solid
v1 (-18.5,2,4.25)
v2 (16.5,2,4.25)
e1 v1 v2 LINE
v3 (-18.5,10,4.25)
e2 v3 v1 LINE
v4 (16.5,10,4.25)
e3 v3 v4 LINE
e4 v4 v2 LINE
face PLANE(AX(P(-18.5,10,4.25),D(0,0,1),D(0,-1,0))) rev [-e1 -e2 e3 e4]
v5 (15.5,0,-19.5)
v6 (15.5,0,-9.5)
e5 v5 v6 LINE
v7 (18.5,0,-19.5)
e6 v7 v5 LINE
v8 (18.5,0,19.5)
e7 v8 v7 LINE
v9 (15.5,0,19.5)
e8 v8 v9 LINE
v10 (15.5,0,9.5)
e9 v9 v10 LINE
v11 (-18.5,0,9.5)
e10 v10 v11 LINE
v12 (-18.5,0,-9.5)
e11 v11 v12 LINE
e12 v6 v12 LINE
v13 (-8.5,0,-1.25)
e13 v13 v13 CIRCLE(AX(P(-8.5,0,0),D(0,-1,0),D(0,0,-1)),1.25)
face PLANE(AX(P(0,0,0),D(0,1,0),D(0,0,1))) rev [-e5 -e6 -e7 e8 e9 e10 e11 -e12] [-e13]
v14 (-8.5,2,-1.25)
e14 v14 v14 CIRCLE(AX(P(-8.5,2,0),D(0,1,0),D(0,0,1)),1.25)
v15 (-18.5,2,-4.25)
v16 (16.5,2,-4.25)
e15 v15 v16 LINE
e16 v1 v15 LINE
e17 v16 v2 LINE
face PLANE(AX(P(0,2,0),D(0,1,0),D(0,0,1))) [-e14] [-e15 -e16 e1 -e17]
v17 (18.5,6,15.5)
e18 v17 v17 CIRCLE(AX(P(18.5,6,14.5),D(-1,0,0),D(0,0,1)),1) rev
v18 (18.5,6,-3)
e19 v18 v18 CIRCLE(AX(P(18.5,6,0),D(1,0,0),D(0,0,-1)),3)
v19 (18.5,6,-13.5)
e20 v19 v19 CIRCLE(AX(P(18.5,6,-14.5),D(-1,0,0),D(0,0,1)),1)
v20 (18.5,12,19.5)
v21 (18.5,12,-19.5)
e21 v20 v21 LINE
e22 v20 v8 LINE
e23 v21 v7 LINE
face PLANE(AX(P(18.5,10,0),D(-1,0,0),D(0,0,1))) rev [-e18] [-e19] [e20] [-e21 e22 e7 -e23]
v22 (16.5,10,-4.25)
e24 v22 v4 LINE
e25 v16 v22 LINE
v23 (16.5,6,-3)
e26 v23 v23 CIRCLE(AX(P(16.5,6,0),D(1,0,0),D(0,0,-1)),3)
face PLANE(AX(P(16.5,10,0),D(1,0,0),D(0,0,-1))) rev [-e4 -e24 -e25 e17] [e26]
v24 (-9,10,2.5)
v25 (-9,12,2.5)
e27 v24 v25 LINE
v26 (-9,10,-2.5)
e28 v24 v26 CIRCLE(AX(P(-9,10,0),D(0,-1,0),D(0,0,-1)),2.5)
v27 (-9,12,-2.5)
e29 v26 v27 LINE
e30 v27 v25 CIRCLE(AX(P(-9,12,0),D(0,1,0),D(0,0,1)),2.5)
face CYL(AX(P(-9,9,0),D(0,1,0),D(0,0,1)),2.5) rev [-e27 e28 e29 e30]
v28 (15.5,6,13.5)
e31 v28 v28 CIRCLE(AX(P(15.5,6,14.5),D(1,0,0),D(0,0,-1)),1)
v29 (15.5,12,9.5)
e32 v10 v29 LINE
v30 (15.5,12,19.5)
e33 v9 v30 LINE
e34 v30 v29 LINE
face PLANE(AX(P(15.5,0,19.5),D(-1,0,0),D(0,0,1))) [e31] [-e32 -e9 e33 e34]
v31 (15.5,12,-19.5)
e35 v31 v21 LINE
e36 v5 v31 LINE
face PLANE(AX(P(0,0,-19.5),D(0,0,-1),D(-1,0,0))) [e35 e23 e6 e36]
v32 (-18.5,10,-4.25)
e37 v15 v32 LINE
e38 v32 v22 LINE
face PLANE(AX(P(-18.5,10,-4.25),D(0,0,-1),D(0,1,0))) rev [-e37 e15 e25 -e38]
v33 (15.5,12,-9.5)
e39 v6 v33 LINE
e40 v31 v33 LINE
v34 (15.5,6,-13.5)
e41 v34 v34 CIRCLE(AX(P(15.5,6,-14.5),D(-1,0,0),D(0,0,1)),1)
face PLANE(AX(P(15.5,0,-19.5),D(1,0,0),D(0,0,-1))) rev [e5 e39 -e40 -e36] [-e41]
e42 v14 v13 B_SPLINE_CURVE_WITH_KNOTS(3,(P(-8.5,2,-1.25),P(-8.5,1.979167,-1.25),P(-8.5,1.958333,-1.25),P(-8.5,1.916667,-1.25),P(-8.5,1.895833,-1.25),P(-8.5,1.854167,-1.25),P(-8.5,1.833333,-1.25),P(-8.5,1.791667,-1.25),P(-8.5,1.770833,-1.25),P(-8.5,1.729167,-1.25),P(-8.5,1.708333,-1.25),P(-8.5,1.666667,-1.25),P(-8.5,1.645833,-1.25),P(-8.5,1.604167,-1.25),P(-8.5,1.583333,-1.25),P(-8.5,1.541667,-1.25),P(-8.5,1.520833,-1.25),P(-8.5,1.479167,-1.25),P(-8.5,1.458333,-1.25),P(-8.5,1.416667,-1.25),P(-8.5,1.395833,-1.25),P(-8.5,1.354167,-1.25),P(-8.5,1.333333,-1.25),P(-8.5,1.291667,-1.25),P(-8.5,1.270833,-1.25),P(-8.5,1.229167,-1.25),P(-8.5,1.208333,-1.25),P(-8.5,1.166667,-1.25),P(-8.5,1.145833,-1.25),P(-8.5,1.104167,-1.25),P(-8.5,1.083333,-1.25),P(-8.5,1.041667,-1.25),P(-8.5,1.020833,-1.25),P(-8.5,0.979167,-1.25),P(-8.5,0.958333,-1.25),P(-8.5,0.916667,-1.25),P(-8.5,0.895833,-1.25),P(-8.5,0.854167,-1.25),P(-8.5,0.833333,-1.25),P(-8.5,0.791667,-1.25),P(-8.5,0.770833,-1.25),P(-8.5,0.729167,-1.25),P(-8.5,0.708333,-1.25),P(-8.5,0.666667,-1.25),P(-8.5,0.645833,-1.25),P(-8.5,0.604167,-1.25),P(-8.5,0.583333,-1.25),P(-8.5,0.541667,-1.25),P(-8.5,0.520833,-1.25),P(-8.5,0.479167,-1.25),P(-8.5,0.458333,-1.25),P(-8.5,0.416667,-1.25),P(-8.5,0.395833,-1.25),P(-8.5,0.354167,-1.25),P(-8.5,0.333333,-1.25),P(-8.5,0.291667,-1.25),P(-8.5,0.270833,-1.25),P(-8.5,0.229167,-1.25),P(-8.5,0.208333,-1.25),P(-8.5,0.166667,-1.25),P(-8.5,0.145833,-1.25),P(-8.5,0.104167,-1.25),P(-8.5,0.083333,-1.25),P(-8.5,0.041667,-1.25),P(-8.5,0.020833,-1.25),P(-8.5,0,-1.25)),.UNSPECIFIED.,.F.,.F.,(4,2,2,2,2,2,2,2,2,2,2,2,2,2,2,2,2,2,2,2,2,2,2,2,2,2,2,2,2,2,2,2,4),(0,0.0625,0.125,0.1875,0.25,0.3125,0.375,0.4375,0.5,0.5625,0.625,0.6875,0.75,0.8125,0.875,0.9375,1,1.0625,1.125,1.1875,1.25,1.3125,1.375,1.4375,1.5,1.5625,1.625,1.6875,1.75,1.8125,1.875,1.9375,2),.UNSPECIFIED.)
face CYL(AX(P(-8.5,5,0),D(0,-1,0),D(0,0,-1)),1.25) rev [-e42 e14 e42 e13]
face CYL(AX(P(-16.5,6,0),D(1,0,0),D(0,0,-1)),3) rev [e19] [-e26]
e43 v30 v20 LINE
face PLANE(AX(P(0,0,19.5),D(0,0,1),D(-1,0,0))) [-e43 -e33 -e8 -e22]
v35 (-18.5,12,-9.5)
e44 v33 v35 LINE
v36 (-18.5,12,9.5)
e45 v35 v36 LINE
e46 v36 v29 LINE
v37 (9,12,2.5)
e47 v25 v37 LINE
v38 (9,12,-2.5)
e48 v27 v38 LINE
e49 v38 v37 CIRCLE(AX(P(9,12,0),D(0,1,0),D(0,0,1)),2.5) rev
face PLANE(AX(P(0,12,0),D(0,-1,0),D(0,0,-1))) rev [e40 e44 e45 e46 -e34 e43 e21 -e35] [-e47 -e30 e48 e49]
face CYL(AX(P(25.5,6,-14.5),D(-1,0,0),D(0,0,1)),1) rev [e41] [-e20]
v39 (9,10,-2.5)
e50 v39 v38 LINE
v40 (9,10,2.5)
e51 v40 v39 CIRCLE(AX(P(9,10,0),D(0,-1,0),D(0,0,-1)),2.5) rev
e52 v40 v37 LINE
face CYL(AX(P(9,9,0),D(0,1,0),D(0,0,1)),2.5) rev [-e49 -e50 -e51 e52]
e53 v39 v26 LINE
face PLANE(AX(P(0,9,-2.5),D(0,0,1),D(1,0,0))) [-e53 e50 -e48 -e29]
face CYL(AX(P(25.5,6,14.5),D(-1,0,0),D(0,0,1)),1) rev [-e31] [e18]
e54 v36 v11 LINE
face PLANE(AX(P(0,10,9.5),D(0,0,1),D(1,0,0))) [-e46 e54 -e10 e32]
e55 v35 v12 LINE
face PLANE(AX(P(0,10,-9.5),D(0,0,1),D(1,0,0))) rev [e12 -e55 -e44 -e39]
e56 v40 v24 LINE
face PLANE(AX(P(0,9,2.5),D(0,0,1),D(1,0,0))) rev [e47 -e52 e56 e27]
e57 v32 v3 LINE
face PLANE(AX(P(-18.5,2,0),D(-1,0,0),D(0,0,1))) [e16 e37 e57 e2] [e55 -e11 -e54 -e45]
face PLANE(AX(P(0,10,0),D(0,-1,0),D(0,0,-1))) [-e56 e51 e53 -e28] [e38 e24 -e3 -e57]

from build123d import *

# Parameters (mm, degrees)
CROQUIS1_W              = 35
CROQUIS1_H              = 15
SALIENTE_EXTRUIR1_DEPTH = 2
SALIENTE_EXTRUIR2_DEPTH = 10
CROQUIS2_W              = 37
CROQUIS2_H              = 19
SALIENTE_EXTRUIR3_DEPTH = 2
CORTAR_EXTRUIR4_DEPTH   = 3
CROQUIS8_W              = 3
CROQUIS8_H              = 12
SALIENTE_EXTRUIR5_DEPTH = 10
CROQUIS9_R              = 1
CORTAR_EXTRUIR5_DEPTH   = 10
CROQUIS10_W             = 3.25
CROQUIS10_H             = 8
SALIENTE_EXTRUIR6_DEPTH = 35
CROQUIS11_R             = 3
CORTAR_EXTRUIR6_DEPTH   = 35
CROQUIS12_R             = 1.25
CORTAR_EXTRUIR7_DEPTH   = 5


with BuildPart() as part:
    # Croquis1 → Saliente-Extruir1 (new body)
    with BuildSketch(Plane(origin=(0, 0, 0), x_dir=(1, 0, 0), z_dir=(0, 1, 0))):
        with Locations((-1, 0)):
            Rectangle(CROQUIS1_W, CROQUIS1_H)
    extrude(amount=SALIENTE_EXTRUIR1_DEPTH)

    # Croquis1<4> → Saliente-Extruir2 (add)
    with BuildSketch(Plane(origin=(0, 0, 0), x_dir=(1, 0, 0), z_dir=(0, 1, 0))):
        Polygon((16.5, -7.5), (-16.5, -7.5), (-18.5, -7.5), (-18.5, -9.5), (18.5, -9.5), (18.5, 9.5), (-18.5, 9.5), (-18.5, 7.5), (-16.5, 7.5), (16.5, 7.5), align=None)
    extrude(amount=SALIENTE_EXTRUIR2_DEPTH)

    # Croquis2 → Saliente-Extruir3 (add)
    with BuildSketch(Plane(origin=(0, 10, 0), x_dir=(1, 0, 0), z_dir=(0, 1, 0))):
        Rectangle(CROQUIS2_W, CROQUIS2_H)
    extrude(amount=SALIENTE_EXTRUIR3_DEPTH)

    # Croquis7 → Cortar-Extruir4 (cut)
    with BuildSketch(Plane(origin=(0, 12, 0), x_dir=(1, 0, 0), z_dir=(0, 1, 0))):
        with BuildLine():
            Line((9, 2.5), (-9, 2.5))
            ThreePointArc((-9, 2.5), (-11.5, 0), (-9, -2.5))
            Line((-9, -2.5), (9, -2.5))
            ThreePointArc((9, -2.5), (11.5, 0), (9, 2.5))
        make_face()
    extrude(amount=-CORTAR_EXTRUIR4_DEPTH, mode=Mode.SUBTRACT)

    # Croquis8 → Saliente-Extruir5 (add)
    with BuildSketch(Plane(origin=(0, 0, -9.5), x_dir=(-1, 0, 0), z_dir=(0, 0, -1))):
        with Locations((-17, 6)):
            Rectangle(CROQUIS8_W, CROQUIS8_H)
    saliente_extruir5 = extrude(amount=SALIENTE_EXTRUIR5_DEPTH)

    # Croquis9 → Cortar-Extruir5 (cut)
    with BuildSketch(Plane.ZY.offset(-15.5)):
        with Locations((-14.5, 6)):
            Circle(CROQUIS9_R)
    cortar_extruir5 = extrude(amount=-CORTAR_EXTRUIR5_DEPTH, mode=Mode.SUBTRACT)

    # Simetría3: Saliente-Extruir5, Cortar-Extruir5 across plane
    add(saliente_extruir5.mirror(Plane.XY))
    add(cortar_extruir5.mirror(Plane.XY), mode=Mode.SUBTRACT)

    # Croquis10 → Saliente-Extruir6 (add)
    with BuildSketch(Plane.ZY.offset(-16.5)):
        with Locations((-5.875, 6)):
            Rectangle(CROQUIS10_W, CROQUIS10_H)
        with Locations((5.875, 6)):
            Rectangle(CROQUIS10_W, CROQUIS10_H)
    extrude(amount=SALIENTE_EXTRUIR6_DEPTH)

    # Croquis11 → Cortar-Extruir6 (cut)
    with BuildSketch(Plane(origin=(18.5, 0, 0), x_dir=(0, 0, -1), z_dir=(1, 0, 0))):
        with Locations((0, 6)):
            Circle(CROQUIS11_R)
    extrude(amount=-CORTAR_EXTRUIR6_DEPTH, mode=Mode.SUBTRACT)

    # Croquis12 → Cortar-Extruir7 (cut)
    with BuildSketch(Plane.XZ):
        with Locations((-8.5, 0)):
            Circle(CROQUIS12_R)
    extrude(amount=-CORTAR_EXTRUIR7_DEPTH, mode=Mode.SUBTRACT)


solid = part.part
